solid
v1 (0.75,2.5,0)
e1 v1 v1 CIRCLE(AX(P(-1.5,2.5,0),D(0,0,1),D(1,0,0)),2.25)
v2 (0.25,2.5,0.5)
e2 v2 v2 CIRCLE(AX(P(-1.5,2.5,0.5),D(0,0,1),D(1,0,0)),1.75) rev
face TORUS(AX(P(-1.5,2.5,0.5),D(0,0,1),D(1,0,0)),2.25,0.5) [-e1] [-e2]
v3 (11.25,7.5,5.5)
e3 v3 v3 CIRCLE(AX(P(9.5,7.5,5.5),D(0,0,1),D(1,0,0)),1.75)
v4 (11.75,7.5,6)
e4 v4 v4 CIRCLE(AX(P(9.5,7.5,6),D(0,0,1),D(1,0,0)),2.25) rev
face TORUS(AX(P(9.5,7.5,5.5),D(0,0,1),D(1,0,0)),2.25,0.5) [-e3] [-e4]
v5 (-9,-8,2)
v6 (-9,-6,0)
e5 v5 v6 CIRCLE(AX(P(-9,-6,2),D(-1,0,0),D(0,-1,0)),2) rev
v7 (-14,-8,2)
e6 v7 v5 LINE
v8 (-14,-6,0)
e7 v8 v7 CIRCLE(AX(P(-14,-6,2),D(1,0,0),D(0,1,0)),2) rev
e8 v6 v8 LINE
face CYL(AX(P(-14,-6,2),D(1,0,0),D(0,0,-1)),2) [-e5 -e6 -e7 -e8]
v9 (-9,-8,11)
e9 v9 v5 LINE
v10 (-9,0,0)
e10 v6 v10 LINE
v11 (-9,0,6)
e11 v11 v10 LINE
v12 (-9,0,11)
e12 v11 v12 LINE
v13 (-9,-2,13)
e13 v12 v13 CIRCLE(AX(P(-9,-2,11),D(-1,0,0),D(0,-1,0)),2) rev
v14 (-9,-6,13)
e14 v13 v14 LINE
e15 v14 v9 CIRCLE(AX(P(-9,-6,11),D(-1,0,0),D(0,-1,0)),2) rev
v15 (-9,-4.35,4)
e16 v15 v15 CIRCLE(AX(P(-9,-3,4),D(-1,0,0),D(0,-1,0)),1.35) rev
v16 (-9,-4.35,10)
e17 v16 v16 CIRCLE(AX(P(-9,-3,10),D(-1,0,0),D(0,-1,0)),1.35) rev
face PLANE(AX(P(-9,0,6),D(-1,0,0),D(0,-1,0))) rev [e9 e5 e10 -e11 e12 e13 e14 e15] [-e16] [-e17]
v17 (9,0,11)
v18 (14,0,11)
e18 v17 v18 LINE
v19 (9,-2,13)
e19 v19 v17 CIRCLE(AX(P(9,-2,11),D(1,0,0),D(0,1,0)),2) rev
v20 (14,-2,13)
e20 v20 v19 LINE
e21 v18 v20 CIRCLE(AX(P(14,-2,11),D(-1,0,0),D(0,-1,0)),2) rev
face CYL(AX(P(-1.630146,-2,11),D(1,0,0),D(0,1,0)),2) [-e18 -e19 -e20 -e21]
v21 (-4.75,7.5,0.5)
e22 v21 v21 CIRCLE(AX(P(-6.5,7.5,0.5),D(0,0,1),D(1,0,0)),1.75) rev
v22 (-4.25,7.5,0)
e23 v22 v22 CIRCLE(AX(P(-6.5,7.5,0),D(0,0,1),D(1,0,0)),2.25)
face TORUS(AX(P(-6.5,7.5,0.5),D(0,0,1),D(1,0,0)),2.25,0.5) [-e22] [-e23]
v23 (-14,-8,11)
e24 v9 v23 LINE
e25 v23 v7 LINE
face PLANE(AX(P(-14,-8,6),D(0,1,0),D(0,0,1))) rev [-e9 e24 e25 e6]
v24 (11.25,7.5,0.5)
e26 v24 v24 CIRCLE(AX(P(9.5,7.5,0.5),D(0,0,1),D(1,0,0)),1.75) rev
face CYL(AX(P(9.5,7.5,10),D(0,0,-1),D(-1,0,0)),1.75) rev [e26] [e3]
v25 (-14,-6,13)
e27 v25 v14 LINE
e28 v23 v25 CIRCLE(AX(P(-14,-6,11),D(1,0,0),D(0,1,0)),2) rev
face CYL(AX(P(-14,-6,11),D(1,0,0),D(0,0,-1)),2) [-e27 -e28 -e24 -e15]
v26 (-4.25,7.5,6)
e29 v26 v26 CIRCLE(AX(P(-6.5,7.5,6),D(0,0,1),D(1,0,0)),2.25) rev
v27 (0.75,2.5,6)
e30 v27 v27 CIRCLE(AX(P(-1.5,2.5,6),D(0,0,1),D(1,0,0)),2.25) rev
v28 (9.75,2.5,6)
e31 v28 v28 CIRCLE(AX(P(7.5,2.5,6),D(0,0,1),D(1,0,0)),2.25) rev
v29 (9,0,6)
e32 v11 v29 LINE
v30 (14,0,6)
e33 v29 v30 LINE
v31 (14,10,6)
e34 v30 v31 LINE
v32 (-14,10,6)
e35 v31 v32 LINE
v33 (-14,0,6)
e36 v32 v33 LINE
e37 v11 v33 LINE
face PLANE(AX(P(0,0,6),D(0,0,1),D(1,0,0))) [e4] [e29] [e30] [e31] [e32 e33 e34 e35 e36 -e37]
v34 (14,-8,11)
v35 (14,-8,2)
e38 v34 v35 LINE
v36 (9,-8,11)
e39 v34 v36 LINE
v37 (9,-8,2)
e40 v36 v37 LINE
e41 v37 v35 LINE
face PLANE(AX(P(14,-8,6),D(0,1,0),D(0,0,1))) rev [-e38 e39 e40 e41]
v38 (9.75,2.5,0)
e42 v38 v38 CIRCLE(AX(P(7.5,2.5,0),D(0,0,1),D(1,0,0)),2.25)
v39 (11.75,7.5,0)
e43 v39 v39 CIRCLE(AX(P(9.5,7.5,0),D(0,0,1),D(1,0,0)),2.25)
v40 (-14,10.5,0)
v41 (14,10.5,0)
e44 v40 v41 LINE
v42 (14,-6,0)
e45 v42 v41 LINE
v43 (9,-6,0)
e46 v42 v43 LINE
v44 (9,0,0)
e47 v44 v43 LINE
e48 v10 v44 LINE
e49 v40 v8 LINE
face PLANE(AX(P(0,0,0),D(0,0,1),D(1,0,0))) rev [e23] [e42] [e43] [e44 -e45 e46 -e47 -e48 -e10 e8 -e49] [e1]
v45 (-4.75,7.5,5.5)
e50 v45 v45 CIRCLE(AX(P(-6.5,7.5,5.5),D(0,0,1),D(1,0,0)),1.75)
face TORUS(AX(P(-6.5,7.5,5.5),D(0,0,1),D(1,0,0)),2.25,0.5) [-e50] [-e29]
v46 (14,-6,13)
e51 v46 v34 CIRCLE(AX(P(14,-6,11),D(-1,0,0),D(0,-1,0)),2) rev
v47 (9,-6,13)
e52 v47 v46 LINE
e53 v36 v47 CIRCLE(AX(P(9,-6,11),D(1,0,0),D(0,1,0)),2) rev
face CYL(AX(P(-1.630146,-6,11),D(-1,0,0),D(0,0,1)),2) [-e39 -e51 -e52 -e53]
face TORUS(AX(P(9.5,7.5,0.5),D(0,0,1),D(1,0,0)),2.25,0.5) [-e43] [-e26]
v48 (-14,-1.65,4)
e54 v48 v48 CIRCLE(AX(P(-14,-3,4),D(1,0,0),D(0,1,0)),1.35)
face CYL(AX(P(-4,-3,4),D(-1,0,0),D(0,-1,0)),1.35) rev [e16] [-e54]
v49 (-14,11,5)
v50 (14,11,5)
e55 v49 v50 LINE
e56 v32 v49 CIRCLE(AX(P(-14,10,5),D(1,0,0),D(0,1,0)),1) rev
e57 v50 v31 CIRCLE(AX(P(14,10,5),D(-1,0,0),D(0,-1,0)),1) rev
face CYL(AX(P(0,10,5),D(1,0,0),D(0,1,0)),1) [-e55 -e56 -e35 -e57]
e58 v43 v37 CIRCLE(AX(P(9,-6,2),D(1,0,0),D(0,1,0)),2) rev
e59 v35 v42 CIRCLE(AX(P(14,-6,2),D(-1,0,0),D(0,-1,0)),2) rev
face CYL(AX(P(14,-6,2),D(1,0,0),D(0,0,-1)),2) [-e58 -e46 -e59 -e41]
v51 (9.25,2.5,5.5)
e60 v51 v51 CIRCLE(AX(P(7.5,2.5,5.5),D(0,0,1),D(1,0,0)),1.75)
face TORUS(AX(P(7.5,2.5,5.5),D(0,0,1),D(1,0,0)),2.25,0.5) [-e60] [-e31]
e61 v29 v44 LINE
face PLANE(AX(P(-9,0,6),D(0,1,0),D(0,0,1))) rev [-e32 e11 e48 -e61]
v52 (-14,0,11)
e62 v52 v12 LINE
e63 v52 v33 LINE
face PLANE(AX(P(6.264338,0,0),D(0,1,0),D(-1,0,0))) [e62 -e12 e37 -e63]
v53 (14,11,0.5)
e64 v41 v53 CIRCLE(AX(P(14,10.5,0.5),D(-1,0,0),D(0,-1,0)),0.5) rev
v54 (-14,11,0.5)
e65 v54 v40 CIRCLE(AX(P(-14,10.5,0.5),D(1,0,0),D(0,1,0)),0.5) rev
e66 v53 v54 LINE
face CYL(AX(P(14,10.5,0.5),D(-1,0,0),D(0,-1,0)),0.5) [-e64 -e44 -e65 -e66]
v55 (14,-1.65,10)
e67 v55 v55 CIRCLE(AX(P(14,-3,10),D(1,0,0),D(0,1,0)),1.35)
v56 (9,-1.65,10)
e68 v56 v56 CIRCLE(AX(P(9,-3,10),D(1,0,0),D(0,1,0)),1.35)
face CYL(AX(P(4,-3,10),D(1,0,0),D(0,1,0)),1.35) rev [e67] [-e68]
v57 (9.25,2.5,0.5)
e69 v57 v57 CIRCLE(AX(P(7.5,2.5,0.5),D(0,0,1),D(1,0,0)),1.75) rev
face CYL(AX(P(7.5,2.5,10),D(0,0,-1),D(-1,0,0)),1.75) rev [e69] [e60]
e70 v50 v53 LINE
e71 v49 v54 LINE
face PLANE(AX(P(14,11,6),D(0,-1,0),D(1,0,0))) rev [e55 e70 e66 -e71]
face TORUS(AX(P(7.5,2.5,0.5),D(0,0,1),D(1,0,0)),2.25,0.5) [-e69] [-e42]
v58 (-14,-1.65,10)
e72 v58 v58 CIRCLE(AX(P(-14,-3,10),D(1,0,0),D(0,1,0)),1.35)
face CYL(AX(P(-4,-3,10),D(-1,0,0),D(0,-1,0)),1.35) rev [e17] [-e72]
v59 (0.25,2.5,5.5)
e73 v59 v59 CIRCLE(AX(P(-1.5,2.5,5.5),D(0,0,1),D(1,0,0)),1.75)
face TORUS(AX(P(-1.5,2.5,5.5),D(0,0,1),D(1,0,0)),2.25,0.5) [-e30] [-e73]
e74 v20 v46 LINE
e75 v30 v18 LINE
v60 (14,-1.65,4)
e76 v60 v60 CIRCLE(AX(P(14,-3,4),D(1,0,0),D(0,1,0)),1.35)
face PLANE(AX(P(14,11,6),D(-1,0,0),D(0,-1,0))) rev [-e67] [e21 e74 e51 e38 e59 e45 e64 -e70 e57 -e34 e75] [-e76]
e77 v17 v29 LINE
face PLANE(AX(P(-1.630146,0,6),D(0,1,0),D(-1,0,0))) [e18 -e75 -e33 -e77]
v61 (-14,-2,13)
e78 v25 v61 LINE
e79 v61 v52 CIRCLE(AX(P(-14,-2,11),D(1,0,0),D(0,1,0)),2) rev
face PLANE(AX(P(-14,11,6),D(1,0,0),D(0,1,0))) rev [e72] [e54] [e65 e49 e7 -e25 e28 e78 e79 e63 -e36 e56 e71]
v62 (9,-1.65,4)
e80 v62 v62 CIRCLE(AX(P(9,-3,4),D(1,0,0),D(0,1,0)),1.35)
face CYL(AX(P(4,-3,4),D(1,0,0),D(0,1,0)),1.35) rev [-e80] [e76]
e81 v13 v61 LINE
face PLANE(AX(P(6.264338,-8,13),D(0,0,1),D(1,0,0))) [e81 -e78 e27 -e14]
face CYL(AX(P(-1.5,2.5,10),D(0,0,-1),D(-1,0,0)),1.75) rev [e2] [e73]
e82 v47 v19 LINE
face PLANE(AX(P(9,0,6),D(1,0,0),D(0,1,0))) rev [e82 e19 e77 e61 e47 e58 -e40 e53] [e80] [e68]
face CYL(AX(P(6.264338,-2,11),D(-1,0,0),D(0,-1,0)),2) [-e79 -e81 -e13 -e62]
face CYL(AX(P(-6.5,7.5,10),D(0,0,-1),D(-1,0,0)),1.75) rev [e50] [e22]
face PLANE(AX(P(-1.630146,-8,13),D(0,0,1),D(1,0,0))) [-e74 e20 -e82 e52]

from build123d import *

# Parameters (mm, degrees)
EXTRUDE_1_DEPTH     = 6
SKETCH_3_W          = 7
SKETCH_3_H          = 8
EXTRUDE_2_DEPTH     = 5
SKETCH_2_R          = 1.35
CUT_EXTRUDE_2_DEPTH = 10
SKETCH_6_W          = 13
SKETCH_6_H          = 8
EXTRUDE_3_DEPTH     = 5
SKETCH_8_R          = 1.75
CUT_EXTRUDE_3_DEPTH = 10
FILLET_1_R          = 1
FILLET_2_R          = 0.5
FILLET_3_R          = 2


with BuildPart() as part:
    # 草图1 → 凸台-拉伸1 (new body)
    with BuildSketch(Plane.XY):
        Polygon((14, 11), (-14, 11), (-14, -8), (-9, -8), (-9, 0), (9, 0), (9, -8), (14, -8), align=None)
    extrude(amount=EXTRUDE_1_DEPTH)

    # 草图3 → 凸台-拉伸2 (add)
    with BuildSketch(Plane(origin=(14, 0, 0), x_dir=(0, 0, -1), z_dir=(1, 0, 0))):
        with Locations((-9.5, -4)):
            Rectangle(SKETCH_3_W, SKETCH_3_H)
    extrude(amount=-EXTRUDE_2_DEPTH)

    # 草图2 → 切除-拉伸2 (cut)
    with BuildSketch(Plane(origin=(14, 0, 0), x_dir=(0, 0, -1), z_dir=(1, 0, 0))):
        with Locations(Location((-4, -3, 0), (0, 0, 90))):
            Circle(SKETCH_2_R)
        with Locations(Location((-10, -3, 0), (0, 0, 90))):
            Circle(SKETCH_2_R)
    cut_extrude_2 = extrude(amount=-CUT_EXTRUDE_2_DEPTH, mode=Mode.SUBTRACT)

    # 草图6 → 凸台-拉伸3 (add)
    with BuildSketch(Plane.ZY.offset(14)):
        with Locations((6.5, -4)):
            Rectangle(SKETCH_6_W, SKETCH_6_H)
    extrude(amount=-EXTRUDE_3_DEPTH)

    # 镜向4: 切除-拉伸2 across plane
    add(cut_extrude_2.mirror(Plane(origin=(0, 0, 0), x_dir=(0, 0, 1), z_dir=(1, 0, 0))), mode=Mode.SUBTRACT)

    # 草图8 → 切除-拉伸3 (cut)
    with BuildSketch(Plane(origin=(0, 0, 0), x_dir=(-1, 0, 0), z_dir=(0, 0, -1))):
        with Locations((-9.5, 7.5)):
            Circle(SKETCH_8_R)
        with Locations((-7.5, 2.5)):
            Circle(SKETCH_8_R)
        with Locations(Location((1.5, 2.5, 0), (0, 0, 180))):
            Circle(SKETCH_8_R)
        with Locations(Location((6.5, 7.5, 0), (0, 0, 180))):
            Circle(SKETCH_8_R)
    extrude(amount=-CUT_EXTRUDE_3_DEPTH, mode=Mode.SUBTRACT)

    # 圆角1
    fillet_1_edges = [part.edges().sort_by_distance(p)[0] for p in [
        (0, 11, 6),
    ]]
    fillet(fillet_1_edges, radius=FILLET_1_R)

    # 圆角2
    fillet_2_edges = [part.edges().sort_by_distance(p)[0] for p in [
        (11.25, 7.5, 6),
        (11.25, 7.5, 0),
        (0, 11, 0),
        (9.25, 2.5, 6),
        (9.25, 2.5, 0),
        (-3.25, 2.5, 6),
        (-3.25, 2.5, 0),
        (-8.25, 7.5, 6),
        (-8.25, 7.5, 0),
    ]]
    fillet(fillet_2_edges, radius=FILLET_2_R)

    # 圆角3
    fillet_3_edges = [part.edges().sort_by_distance(p)[0] for p in [
        (-11.5, -8, 0),
        (11.5, -8, 13),
        (11.5, 0, 13),
        (-11.5, 0, 13),
        (-11.5, -8, 13),
        (11.5, -8, 0),
    ]]
    fillet(fillet_3_edges, radius=FILLET_3_R)


solid = part.part
